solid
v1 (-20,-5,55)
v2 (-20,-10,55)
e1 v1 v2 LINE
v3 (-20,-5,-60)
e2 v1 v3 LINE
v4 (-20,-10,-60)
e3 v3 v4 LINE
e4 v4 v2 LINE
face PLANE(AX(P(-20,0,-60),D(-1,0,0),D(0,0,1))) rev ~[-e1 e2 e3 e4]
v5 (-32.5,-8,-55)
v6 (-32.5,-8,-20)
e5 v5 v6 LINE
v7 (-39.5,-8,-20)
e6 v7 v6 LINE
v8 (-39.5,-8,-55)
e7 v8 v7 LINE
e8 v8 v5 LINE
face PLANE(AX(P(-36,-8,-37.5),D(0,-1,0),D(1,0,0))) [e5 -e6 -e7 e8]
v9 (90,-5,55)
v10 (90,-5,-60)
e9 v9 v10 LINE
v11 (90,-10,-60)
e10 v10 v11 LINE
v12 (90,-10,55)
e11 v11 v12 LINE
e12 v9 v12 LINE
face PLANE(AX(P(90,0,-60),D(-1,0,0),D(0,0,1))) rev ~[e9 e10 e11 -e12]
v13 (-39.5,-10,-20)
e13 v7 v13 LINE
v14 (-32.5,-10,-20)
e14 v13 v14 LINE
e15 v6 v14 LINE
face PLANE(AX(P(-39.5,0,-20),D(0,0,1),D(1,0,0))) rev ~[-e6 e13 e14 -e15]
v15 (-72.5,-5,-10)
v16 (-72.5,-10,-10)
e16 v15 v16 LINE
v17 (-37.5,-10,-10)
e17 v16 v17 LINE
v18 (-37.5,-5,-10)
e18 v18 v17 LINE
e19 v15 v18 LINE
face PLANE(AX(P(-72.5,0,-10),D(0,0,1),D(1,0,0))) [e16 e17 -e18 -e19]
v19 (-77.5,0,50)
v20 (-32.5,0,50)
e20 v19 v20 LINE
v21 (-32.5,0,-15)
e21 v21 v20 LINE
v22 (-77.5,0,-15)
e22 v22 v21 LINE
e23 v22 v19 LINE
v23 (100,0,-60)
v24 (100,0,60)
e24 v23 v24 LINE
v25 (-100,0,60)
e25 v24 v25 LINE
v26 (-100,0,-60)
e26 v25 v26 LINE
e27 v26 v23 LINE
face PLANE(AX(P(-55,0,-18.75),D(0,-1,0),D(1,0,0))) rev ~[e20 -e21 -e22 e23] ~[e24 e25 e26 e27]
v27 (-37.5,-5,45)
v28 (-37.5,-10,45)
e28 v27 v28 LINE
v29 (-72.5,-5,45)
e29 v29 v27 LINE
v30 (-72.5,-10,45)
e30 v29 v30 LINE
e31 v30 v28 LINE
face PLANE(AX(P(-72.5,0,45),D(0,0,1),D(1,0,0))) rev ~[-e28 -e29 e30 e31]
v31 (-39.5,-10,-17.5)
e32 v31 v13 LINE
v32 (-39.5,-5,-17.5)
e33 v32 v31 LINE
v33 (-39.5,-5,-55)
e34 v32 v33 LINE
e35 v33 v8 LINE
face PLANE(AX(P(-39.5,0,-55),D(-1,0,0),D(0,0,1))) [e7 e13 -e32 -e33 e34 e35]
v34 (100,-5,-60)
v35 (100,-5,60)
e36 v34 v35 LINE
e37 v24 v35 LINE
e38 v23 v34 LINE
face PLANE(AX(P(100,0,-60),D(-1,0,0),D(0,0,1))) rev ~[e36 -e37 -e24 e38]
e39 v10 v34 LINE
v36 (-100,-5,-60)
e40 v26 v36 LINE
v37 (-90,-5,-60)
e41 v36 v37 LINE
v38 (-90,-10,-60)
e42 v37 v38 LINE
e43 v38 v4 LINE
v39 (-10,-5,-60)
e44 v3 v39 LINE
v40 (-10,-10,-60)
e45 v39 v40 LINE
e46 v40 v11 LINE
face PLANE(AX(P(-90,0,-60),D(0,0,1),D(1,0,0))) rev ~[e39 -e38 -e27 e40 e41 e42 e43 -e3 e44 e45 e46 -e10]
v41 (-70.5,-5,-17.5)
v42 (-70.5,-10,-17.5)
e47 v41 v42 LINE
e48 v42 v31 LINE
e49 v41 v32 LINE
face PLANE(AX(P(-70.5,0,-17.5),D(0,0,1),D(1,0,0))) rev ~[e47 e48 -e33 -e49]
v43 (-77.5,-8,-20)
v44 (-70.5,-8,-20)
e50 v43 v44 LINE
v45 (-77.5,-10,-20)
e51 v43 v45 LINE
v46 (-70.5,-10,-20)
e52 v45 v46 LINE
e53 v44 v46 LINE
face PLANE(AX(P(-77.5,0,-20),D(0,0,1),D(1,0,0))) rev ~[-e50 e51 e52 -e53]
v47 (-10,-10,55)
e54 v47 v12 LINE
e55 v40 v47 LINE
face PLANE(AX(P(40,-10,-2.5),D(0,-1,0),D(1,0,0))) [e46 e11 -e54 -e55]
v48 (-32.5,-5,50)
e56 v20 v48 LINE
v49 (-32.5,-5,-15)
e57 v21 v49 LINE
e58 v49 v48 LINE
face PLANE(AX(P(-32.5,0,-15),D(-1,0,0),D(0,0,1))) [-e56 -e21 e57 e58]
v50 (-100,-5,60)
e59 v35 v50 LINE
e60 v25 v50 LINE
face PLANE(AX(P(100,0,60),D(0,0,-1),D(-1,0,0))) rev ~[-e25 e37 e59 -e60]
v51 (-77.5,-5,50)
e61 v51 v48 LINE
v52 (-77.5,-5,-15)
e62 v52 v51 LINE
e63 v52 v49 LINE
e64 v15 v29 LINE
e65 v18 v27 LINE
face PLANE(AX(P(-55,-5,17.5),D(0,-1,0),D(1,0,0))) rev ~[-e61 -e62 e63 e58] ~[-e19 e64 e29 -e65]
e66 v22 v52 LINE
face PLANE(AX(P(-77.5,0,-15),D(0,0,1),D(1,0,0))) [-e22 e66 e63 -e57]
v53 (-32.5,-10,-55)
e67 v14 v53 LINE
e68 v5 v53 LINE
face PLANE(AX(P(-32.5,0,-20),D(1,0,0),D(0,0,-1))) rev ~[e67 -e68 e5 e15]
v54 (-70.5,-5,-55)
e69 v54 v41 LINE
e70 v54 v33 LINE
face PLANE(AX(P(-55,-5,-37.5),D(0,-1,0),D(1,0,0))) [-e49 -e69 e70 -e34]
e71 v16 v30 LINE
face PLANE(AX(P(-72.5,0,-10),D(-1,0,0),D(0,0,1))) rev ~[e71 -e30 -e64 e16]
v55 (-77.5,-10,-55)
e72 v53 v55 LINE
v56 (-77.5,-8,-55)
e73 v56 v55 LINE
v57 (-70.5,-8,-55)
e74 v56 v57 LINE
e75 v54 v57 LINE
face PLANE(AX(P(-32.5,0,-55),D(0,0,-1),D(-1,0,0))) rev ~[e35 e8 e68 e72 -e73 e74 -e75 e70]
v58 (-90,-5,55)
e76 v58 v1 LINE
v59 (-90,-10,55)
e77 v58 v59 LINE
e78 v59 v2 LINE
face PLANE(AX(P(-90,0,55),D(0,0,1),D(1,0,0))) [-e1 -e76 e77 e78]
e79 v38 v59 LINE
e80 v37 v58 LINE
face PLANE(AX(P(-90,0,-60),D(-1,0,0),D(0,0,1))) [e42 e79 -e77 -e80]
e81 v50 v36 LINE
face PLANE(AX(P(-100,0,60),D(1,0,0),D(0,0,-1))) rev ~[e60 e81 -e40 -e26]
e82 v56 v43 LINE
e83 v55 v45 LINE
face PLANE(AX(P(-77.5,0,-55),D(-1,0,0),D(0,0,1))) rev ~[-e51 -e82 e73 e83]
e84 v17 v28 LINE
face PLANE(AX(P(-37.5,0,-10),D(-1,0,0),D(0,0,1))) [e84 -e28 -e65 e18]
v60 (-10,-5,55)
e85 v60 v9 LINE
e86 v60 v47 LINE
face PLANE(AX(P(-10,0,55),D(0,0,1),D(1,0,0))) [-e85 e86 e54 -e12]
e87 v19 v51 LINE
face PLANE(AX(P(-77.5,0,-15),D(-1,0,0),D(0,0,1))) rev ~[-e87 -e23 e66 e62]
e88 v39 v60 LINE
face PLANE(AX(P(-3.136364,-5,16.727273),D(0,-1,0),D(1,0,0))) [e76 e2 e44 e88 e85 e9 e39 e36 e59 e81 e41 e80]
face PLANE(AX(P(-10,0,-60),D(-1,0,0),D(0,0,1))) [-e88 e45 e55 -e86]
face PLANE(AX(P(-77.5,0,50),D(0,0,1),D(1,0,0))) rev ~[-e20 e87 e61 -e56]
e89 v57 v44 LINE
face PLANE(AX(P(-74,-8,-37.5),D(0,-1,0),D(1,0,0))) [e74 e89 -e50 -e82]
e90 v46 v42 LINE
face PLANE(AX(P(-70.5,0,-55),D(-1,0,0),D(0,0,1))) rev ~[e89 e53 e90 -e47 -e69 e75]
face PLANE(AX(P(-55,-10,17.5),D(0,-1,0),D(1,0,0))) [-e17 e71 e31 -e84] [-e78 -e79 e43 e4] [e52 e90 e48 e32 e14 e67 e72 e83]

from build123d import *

# Parameters (mm, degrees)
F1_DEPTH = 5
F0_W     = 70
F0_H     = 115
F0_W_2   = 45
F0_H_2   = 65
F0_W_3   = 100
F2_DEPTH = 10
F0_W_4   = 35
F0_H_3   = 55
F3_DEPTH = 10
F4_DEPTH = 5
F0_W_5   = 7
F0_H_4   = 35
F5_DEPTH = 8
F0_W_6   = 31
F6_DEPTH = 5
F0_H_5   = 2.5
F7_DEPTH = 5


with BuildPart() as f1:
    # F0 (on Front) → F1 (new body)
    with BuildSketch(Plane.XZ):
        Polygon((100, 60), (-100, 60), (-100, -60), (-90, -60), (-90, 55), (-20, 55), (-20, -60), (-10, -60), (-10, 55), (90, 55), (90, -60), (100, -60), align=None)
    extrude(amount=F1_DEPTH)

    # F0 (on Front) → F2 (join)
    with BuildSketch(Plane.XZ):
        with Locations((-55, -2.5)):
            Rectangle(F0_W, F0_H)
        Polygon((-70.5, -55), (-77.5, -55), (-77.5, -20), (-70.5, -20), (-70.5, -17.5), (-39.5, -17.5), (-39.5, -20), (-32.5, -20), (-32.5, -55), (-39.5, -55), align=None, mode=Mode.SUBTRACT)
        with Locations((-55, 17.5)):
            Rectangle(F0_W_2, F0_H_2, mode=Mode.SUBTRACT)
        with Locations((40, -2.5)):
            Rectangle(F0_W_3, F0_H)
    extrude(amount=F2_DEPTH)

    # F0 (on Front) → F3 (join)
    with BuildSketch(Plane.XZ):
        with Locations((-55, 17.5)):
            Rectangle(F0_W_2, F0_H_2)
        with Locations((-55, 17.5)):
            Rectangle(F0_W_4, F0_H_3, mode=Mode.SUBTRACT)
    extrude(amount=F3_DEPTH)

    # F0 (on Front) → F4 (cut)
    with BuildSketch(Plane.XZ):
        with Locations((-55, 17.5)):
            Rectangle(F0_W_2, F0_H_2)
        with Locations((-55, 17.5)):
            Rectangle(F0_W_4, F0_H_3, mode=Mode.SUBTRACT)
    extrude(amount=F4_DEPTH, mode=Mode.SUBTRACT)

    # F0 (on Front) → F5 (join)
    with BuildSketch(Plane.XZ):
        with Locations((-74, -37.5)):
            Rectangle(F0_W_5, F0_H_4)
        with Locations((-36, -37.5)):
            Rectangle(F0_W_5, F0_H_4)
    extrude(amount=F5_DEPTH)

    # F0 (on Front) → F6 (join)
    with BuildSketch(Plane.XZ):
        with Locations((-55, -37.5)):
            Rectangle(F0_W_6, F0_H_4)
    extrude(amount=F6_DEPTH)

    # F0 (on Front) → F7 (join)
    with BuildSketch(Plane.XZ):
        with Locations((-55, -18.75)):
            Rectangle(F0_W_6, F0_H_5)
    extrude(amount=F7_DEPTH)


solid = f1.part
